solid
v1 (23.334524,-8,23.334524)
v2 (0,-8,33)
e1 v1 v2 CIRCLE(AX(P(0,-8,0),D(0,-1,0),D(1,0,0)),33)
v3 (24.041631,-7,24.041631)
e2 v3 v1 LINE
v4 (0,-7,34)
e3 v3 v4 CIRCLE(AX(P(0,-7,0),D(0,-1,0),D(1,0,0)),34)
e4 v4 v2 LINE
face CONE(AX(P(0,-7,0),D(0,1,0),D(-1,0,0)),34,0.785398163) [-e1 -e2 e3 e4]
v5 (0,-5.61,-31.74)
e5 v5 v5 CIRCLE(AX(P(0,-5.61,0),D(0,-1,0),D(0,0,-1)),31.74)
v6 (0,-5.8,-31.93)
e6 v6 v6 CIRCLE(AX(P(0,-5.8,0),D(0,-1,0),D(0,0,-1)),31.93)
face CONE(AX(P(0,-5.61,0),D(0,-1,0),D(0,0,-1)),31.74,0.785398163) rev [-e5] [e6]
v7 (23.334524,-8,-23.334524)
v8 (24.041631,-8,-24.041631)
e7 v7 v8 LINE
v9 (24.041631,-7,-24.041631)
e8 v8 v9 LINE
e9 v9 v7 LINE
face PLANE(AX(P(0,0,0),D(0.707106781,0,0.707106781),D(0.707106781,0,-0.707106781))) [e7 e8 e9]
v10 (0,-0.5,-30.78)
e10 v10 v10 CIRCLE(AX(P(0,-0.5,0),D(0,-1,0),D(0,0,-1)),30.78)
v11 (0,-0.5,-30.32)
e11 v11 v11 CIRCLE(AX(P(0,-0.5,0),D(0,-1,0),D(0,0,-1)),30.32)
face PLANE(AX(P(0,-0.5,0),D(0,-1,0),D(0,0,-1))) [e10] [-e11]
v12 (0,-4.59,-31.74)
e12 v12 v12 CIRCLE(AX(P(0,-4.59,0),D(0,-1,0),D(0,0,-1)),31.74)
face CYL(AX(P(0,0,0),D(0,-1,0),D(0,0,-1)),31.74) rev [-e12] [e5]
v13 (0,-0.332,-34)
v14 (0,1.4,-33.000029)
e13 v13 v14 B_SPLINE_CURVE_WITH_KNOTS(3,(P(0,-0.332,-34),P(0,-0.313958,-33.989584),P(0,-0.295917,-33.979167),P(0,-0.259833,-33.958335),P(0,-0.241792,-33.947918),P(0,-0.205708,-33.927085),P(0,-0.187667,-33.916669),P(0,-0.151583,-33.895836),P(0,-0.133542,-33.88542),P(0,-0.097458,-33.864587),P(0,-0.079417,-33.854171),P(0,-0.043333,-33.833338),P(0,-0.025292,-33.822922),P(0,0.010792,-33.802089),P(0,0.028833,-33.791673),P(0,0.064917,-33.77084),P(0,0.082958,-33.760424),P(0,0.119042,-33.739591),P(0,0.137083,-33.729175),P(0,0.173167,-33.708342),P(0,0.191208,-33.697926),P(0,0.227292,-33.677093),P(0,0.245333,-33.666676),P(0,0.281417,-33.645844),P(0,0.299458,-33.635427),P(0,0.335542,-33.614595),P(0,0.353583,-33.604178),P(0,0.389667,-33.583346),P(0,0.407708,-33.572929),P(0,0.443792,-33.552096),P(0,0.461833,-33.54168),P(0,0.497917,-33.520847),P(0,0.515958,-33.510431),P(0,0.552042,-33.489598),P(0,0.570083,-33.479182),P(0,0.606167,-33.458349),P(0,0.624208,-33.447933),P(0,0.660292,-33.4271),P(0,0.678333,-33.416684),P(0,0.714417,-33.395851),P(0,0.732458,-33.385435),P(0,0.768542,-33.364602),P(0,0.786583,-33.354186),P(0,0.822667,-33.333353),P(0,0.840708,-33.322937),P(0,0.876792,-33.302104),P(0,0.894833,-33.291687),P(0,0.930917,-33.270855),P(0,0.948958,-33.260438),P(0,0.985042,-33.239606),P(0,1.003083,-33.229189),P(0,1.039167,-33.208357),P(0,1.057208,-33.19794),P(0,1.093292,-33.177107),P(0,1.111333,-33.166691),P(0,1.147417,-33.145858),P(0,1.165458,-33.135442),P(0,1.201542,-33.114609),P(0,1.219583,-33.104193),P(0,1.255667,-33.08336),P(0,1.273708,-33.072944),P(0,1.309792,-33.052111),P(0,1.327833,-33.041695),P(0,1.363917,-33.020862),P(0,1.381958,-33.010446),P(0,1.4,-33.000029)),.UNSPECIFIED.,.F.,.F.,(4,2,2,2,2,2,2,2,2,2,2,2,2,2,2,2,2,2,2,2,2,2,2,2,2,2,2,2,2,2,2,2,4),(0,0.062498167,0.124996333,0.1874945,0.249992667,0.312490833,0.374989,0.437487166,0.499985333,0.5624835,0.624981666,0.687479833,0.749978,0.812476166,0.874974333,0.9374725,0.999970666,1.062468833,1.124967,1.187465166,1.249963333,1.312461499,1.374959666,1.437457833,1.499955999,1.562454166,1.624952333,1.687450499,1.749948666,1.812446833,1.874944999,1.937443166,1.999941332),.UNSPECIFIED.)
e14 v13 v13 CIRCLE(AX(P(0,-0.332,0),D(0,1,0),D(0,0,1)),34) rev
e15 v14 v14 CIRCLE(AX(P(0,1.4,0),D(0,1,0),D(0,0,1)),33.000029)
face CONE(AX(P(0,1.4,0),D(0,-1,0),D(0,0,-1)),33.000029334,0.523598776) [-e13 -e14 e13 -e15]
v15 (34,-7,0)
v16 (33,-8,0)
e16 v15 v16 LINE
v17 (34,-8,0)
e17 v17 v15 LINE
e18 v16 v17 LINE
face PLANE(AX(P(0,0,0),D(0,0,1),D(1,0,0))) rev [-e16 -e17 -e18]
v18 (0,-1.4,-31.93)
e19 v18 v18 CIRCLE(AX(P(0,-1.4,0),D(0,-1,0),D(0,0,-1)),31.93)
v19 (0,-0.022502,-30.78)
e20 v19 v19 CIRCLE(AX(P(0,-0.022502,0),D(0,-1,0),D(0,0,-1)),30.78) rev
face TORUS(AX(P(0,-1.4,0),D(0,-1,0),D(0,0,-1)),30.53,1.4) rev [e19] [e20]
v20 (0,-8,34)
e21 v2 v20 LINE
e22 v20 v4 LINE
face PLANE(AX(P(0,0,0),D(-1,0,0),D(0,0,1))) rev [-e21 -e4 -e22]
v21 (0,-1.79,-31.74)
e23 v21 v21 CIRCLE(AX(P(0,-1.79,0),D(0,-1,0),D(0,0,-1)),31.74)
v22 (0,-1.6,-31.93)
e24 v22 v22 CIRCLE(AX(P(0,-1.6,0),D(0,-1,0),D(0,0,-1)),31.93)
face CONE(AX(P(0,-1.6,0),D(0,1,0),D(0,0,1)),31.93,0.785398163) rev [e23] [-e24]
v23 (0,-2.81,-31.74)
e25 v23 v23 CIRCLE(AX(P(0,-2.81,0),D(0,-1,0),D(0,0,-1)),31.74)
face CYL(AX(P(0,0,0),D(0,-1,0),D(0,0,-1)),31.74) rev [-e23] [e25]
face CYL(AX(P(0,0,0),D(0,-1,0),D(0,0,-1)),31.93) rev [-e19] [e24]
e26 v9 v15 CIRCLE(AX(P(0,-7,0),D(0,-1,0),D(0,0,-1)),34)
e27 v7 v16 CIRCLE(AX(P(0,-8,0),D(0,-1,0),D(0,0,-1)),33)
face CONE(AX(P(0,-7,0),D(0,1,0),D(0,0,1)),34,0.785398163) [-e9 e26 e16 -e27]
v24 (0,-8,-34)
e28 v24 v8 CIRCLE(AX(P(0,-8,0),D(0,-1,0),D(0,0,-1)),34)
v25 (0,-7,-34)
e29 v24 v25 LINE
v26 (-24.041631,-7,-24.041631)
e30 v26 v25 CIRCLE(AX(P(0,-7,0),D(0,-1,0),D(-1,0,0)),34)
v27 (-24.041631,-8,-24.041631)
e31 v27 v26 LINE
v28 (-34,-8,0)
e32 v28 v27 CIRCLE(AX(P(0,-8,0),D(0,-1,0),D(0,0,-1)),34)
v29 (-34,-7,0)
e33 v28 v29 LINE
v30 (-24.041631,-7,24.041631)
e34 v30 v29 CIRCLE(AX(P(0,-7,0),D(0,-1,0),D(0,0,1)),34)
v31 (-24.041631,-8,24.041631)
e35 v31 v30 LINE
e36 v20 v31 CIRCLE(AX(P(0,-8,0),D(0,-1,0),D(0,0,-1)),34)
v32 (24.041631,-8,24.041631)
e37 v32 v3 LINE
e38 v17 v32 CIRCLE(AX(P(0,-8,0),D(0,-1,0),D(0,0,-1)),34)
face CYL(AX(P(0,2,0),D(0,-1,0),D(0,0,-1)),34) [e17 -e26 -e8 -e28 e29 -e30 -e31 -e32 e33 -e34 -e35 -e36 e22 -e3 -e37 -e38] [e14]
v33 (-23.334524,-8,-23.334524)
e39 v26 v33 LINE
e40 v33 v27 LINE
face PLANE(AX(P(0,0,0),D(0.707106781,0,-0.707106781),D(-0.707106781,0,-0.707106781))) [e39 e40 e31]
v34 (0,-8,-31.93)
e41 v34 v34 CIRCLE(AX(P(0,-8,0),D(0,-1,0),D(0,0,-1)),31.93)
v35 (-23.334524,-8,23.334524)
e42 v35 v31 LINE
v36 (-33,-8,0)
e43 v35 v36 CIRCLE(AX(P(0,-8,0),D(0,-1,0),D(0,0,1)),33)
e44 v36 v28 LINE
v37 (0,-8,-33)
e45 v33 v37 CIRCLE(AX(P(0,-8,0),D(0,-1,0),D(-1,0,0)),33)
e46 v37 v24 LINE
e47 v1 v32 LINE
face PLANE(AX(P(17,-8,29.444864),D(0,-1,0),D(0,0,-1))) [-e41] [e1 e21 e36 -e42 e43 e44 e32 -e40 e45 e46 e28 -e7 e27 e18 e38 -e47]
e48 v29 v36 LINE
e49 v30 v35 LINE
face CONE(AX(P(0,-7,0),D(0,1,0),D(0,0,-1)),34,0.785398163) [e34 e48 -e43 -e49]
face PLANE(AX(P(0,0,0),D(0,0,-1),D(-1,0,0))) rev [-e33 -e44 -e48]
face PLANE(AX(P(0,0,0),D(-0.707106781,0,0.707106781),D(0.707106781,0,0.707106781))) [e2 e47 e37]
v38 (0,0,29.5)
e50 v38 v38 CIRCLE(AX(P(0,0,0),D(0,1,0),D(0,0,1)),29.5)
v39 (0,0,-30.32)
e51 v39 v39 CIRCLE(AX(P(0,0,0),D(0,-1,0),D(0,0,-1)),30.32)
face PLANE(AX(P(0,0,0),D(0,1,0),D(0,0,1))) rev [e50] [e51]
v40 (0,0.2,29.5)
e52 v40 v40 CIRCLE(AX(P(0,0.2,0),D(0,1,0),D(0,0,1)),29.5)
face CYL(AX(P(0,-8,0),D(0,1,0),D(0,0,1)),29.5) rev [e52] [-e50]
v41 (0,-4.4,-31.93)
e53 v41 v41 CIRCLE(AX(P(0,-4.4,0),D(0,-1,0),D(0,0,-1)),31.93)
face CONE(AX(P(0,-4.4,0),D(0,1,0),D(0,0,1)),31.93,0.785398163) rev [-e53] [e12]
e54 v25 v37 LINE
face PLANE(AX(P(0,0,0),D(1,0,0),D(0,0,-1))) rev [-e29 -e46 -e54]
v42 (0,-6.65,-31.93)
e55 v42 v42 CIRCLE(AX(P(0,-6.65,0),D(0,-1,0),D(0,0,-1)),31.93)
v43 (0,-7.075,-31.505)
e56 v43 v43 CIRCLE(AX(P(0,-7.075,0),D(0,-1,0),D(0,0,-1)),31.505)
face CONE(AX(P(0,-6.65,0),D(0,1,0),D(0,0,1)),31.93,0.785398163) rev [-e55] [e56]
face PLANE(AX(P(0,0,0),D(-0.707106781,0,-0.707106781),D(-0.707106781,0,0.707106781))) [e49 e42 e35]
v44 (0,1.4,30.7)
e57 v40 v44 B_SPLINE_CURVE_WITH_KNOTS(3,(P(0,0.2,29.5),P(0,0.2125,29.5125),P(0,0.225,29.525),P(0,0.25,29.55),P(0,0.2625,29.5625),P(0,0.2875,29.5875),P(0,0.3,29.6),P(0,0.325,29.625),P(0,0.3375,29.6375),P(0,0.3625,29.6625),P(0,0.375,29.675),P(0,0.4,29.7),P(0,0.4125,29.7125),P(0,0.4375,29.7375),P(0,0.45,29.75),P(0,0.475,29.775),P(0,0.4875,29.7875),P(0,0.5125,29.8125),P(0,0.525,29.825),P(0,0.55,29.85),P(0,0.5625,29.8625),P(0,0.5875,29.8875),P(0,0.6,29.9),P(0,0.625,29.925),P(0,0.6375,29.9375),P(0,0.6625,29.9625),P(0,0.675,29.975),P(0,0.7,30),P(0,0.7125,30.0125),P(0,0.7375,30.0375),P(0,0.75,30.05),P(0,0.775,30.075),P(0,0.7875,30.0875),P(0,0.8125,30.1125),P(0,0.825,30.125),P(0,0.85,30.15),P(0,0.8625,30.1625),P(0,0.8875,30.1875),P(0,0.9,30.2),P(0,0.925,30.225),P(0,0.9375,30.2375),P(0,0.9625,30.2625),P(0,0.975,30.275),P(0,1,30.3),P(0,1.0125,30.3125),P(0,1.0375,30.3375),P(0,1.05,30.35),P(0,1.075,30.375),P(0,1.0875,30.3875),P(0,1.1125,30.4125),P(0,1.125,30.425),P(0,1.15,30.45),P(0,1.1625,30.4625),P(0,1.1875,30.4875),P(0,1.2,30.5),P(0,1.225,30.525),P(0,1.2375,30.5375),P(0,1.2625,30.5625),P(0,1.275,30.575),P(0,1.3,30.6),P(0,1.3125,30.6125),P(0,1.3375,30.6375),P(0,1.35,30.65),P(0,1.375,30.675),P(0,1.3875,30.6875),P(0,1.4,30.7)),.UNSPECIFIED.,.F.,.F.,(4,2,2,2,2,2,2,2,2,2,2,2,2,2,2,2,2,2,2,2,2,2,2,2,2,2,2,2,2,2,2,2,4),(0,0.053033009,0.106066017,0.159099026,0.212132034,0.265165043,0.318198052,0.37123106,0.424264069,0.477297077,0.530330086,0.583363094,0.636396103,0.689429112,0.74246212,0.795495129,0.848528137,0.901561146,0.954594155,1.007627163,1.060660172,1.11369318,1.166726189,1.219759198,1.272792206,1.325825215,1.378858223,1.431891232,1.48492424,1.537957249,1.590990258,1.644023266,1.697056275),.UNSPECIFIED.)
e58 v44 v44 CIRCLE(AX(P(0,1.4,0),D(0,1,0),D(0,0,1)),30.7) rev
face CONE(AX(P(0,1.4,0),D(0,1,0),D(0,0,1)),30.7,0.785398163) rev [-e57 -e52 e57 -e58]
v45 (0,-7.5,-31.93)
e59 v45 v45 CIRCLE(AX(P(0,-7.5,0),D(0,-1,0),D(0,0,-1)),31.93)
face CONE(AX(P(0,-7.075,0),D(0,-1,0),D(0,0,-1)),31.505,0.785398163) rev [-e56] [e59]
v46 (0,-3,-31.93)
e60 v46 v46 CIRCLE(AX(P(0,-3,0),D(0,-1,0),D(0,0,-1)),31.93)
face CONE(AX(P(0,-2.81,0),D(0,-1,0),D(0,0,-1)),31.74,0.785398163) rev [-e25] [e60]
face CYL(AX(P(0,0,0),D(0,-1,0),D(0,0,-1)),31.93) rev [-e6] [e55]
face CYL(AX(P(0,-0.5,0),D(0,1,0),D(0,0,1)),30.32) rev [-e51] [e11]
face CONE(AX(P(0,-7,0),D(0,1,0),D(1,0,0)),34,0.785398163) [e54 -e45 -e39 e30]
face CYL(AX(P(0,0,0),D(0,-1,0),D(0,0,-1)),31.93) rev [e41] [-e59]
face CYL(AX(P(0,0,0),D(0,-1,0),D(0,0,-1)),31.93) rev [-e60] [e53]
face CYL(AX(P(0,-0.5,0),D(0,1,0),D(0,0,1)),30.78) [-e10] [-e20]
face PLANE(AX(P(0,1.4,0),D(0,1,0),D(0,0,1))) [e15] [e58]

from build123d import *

# Parameters (mm, degrees)
SKETCH_1_R               = 34
EXTRUDE_1_DEPTH          = 2
SKETCH_3_R               = 29.5
CUT_EXTRUDE_1_DEPTH      = 50.112116631
CUT_EXTRUDE_START        = -0.6
SKETCH_4_R               = 34
CUT_EXTRUDE_2_DEPTH      = 0.6
CHAMFER_2_SIZE           = 1.732
CHAMFER_2_SIZE2          = 0.999970666
CHAMFER_3_SIZE           = 1.2
CUT_REVOLVE_1_ANGLE      = 45
PATTERN_CIRCULAR_1_COUNT = 4
SKETCH_6_R               = 30.78
SKETCH_6_R_2             = 30.32
EXTRUDE_2_DEPTH          = 0.5


with BuildPart() as part:
    # 草图1 → 凸台-拉伸1 (new body)
    with BuildSketch(Plane(origin=(0, 0, 0), x_dir=(1, 0, 0), z_dir=(0, 1, 0))):
        with Locations(Location((0, 0, 0), (0, 0, 270))):
            Circle(SKETCH_1_R)
    extrude(amount=EXTRUDE_1_DEPTH)

    # 草图2 → 旋转1 (revolve)
    with BuildSketch(Plane(origin=(0, 0, 0), x_dir=(0.499999999999999, 0, 0.8660254037844394), z_dir=(-0.8660254037844394, 0, 0.499999999999999)), mode=Mode.PRIVATE) as revolve_1_sk:
        with BuildLine():
            Line((31.93, -8), (31.93, -7.5))
            Line((31.93, -7.5), (31.505, -7.075))
            Line((31.505, -7.075), (31.93, -6.65))
            Line((31.93, -6.65), (31.93, -5.8))
            Line((31.93, -5.8), (31.74, -5.61))
            Line((31.74, -5.61), (31.74, -4.59))
            Line((31.74, -4.59), (31.93, -4.4))
            Line((31.93, -4.4), (31.93, -3))
            Line((31.93, -3), (31.74, -2.81))
            Line((31.74, -2.81), (31.74, -1.79))
            Line((31.74, -1.79), (31.93, -1.6))
            Line((31.93, -1.6), (31.93, -1.4))
            ThreePointArc((31.93, -1.4), (31.519949494, -0.410050506), (30.53, 0))
            Line((30.53, 0), (34, 0))
            Line((34, 0), (34, -8))
            Line((34, -8), (31.93, -8))
        make_face()
    revolve(revolve_1_sk.sketch.rotate(Axis((0, 0, 0), (0, 1, 0)), 150), axis=Axis((0, 0, 0), (0, 1, 0)))

    # 草图3 → 切除-拉伸1 (cut, through all)
    with BuildSketch(Plane(origin=(0, 2, 0), x_dir=(1, 0, 0), z_dir=(0, 1, 0))):
        with Locations(Location((0, 0, 0), (0, 0, 270))):
            Circle(SKETCH_3_R)
    extrude(amount=-CUT_EXTRUDE_1_DEPTH, mode=Mode.SUBTRACT)

    # 草图4 → 切除-拉伸2 (cut)
    with BuildSketch(Plane(origin=(0, 2, 0), x_dir=(1, 0, 0), z_dir=(0, 1, 0)).offset(CUT_EXTRUDE_START)):
        with Locations(Location((0, 0, 0), (0, 0, 90))):
            Circle(SKETCH_4_R)
    extrude(amount=CUT_EXTRUDE_2_DEPTH, mode=Mode.SUBTRACT)

    # 倒角2
    chamfer_2_edges = [part.edges().sort_by_distance(p)[0] for p in [
        (0, 1.4, -34),
    ]]
    chamfer_2_side = [part.faces().sort_by_distance(p)[0] for p in [
        (0, 0.7, -34),
    ]]
    chamfer(chamfer_2_edges, length=CHAMFER_2_SIZE, length2=CHAMFER_2_SIZE2, reference=chamfer_2_side[0])

    # 倒角3
    chamfer_3_edges = [part.edges().sort_by_distance(p)[0] for p in [
        (0, 1.4, -29.5),
    ]]
    chamfer(chamfer_3_edges, length=CHAMFER_3_SIZE)

    # 草图5 → 切除-旋转1 (revolve, cut)
    with BuildSketch(Plane.XY):
        Polygon((34, -8), (34, -7), (33, -8), align=None)
    cut_revolve_1 = revolve(axis=Axis((0, 0, 0), (0, 1, 0)), revolution_arc=CUT_REVOLVE_1_ANGLE, mode=Mode.SUBTRACT)

    # 阵列(圆周)1: 切除-旋转1 ×4 about axis
    pattern_circular_1_axis = Axis((0, 0, 0), (0, 1, 0))
    for i in range(1, PATTERN_CIRCULAR_1_COUNT):
        add(cut_revolve_1.rotate(pattern_circular_1_axis, i * 360 / PATTERN_CIRCULAR_1_COUNT), mode=Mode.SUBTRACT)

    # 草图6 → 凸台-拉伸2 (add)
    with BuildSketch(Plane.XZ):
        with Locations(Location((0, 0, 0), (0, 0, 270))):
            Circle(SKETCH_6_R)
        with Locations(Location((0, 0, 0), (0, 0, 270))):
            Circle(SKETCH_6_R_2, mode=Mode.SUBTRACT)
    extrude(amount=EXTRUDE_2_DEPTH)


solid = part.part
